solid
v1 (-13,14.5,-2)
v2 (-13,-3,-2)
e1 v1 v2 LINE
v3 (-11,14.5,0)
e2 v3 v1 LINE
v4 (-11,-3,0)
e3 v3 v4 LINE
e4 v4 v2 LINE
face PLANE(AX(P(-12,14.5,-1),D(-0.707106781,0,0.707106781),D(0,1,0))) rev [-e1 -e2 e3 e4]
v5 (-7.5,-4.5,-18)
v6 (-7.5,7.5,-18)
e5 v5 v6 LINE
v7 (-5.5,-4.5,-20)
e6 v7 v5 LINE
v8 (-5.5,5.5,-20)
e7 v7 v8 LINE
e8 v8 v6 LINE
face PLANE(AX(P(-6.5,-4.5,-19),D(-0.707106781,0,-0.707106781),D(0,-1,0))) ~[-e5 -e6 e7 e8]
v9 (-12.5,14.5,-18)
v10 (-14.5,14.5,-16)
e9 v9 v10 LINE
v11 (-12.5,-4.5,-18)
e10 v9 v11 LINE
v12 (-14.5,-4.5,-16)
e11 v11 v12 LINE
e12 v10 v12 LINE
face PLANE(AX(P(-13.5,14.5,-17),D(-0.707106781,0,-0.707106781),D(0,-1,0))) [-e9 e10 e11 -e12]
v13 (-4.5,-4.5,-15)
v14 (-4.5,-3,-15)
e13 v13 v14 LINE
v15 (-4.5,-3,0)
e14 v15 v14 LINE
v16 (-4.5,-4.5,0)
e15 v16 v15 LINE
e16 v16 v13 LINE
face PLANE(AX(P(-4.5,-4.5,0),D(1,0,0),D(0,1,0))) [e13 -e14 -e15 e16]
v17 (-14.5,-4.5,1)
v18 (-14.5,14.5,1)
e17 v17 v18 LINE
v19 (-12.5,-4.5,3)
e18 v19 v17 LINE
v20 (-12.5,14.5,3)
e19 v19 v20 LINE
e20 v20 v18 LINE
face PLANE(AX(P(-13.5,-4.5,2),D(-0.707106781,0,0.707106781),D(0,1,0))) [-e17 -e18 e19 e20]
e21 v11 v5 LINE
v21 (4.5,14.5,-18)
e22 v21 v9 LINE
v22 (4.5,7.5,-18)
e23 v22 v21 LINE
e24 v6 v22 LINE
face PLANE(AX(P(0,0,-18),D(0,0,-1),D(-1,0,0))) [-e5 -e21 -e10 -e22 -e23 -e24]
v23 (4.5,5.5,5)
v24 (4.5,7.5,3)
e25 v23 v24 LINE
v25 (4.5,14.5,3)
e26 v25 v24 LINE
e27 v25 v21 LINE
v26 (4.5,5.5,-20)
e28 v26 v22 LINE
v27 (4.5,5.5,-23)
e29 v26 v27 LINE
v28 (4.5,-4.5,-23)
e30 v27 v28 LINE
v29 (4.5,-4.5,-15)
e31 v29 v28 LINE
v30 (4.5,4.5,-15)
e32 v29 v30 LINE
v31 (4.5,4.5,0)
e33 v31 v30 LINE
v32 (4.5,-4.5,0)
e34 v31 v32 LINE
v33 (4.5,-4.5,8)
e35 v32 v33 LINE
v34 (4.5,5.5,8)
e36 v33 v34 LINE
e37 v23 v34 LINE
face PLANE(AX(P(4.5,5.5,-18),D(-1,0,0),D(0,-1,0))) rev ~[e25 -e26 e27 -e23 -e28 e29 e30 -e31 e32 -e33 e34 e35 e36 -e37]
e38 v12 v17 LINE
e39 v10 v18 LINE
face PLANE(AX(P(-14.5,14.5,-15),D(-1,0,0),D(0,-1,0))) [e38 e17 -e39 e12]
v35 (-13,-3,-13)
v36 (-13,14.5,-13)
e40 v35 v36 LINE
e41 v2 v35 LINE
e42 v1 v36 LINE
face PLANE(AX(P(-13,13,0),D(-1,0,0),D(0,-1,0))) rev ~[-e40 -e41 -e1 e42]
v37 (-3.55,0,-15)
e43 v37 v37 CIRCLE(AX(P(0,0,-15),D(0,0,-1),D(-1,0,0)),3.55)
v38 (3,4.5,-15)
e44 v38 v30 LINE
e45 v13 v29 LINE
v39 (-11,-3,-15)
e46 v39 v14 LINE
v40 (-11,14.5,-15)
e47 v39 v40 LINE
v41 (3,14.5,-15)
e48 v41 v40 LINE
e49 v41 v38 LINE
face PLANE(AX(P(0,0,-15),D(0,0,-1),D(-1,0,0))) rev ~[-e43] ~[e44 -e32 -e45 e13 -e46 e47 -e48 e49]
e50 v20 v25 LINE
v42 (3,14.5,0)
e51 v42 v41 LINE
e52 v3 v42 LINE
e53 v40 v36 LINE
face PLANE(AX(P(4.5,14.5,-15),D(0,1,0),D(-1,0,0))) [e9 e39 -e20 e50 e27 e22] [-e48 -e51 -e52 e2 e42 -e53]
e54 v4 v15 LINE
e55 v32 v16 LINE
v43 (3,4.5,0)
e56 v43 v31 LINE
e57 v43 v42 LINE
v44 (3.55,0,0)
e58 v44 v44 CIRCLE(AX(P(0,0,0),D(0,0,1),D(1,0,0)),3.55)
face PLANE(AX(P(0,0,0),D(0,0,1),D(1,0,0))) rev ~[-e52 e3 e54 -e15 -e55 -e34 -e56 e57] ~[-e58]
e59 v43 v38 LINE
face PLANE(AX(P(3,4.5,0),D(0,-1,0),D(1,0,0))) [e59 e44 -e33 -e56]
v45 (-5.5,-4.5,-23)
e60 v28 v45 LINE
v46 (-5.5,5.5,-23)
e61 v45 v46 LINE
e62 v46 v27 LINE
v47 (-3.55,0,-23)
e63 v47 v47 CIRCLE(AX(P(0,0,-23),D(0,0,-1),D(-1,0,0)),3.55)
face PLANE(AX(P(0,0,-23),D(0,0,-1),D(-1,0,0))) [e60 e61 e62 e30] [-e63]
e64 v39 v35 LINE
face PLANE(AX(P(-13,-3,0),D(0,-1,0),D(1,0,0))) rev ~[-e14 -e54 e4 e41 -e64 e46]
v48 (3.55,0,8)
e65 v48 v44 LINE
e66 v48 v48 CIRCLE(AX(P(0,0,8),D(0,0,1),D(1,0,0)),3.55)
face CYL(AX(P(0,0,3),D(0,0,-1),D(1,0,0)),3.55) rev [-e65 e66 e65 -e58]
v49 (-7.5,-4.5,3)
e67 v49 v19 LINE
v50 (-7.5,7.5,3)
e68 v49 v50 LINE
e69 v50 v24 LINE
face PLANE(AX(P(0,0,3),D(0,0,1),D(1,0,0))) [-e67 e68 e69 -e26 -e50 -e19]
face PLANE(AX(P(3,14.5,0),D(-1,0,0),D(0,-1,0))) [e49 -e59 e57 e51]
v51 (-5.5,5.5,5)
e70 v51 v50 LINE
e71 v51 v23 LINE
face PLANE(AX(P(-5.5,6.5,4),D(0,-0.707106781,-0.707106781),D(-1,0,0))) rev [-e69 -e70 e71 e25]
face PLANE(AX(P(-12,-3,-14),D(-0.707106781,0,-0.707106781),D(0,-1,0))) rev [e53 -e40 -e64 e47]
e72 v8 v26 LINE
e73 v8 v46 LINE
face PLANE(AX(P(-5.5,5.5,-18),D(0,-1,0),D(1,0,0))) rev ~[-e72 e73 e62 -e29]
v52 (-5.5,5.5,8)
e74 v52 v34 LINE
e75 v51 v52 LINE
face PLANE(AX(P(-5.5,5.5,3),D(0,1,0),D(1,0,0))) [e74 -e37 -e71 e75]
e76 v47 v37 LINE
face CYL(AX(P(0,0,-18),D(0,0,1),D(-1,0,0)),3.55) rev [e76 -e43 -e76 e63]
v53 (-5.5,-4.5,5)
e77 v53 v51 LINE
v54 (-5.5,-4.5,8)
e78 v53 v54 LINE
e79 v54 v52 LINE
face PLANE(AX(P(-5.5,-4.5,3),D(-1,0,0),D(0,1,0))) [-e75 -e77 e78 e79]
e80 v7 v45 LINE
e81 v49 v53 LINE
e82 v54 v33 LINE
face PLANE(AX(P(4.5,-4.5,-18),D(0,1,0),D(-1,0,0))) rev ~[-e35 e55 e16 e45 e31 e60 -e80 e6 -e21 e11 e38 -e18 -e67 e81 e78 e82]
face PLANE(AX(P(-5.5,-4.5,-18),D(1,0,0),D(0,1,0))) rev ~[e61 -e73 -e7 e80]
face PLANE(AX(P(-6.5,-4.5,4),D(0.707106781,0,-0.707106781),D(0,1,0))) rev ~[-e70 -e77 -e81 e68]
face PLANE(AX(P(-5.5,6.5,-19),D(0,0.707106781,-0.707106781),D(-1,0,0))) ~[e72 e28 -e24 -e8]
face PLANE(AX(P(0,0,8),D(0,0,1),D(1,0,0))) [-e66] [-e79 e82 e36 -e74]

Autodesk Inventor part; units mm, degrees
ref_plane "YZ Plane" through (0, 0, 0) normal (1, 0, 0) x (0, 1, 0)
ref_plane "XZ Plane" through (0, 0, 0) normal (0, 1, 0) x (-1, 0, 0)
ref_plane "XY Plane" through (0, 0, 0) normal (0, 0, 1) x (1, 0, 0)
ref_plane "Arbeitsebene1" through (-22.9558, 17.7058, 46.5) normal (0, 0, -1) x (-1, 0, 0)
sketch "Skizze1" plane through (0, 0, 0) normal (0, 0, 1) x (1, 0, 0)
  circle A0 centre (0, 0) radius 3.55
  line L0 (-14.5, 14.5) -> (4.5, 14.5)
  line L1 (4.5, 14.5) -> (4.5, -4.5)
  line L2 (4.5, -4.5) -> (-14.5, -4.5)
  line L3 (-14.5, -4.5) -> (-14.5, 14.5)
  dimension "d0" = 7.1
  dimension "d1" = 19
  dimension "d2" = 19
  dimension "d3" = 4.5
  dimension "d4" = 4.5
extrude "Extrusion1" add sketch "Skizze1" along normal blind 3
sketch "Skizze2" plane through (0, 0, 0) normal (0, 0, -1) x (-1, 0, 0)
  line L0 (14.5, 14.5) -> (14.5, -4.5) projected
  line L1 (-4.5, 14.5) -> (14.5, 14.5) projected
  circle A0 centre (0, 0) radius 3.55 projected
  line L2 (14.5, -4.5) -> (-4.5, -4.5) projected
  line L3 (-4.5, -4.5) -> (-4.5, 14.5) projected
  line L4 (-4.5, 14.5) -> (14.5, 14.5)
  line L5 (14.5, 14.5) -> (14.5, -4.5)
  line L6 (14.5, -4.5) -> (-4.5, -4.5)
  line L7 (-4.5, -4.5) -> (-4.5, 14.5)
  line L8 (-3, -4.5) -> (-3, 13)
  line L9 (-3, 13) -> (13, 13)
  line L10 (13, 13) -> (13, -3)
  line L11 (13, -3) -> (-0.4, -3)
  line L12 (-4.5, -4.5) -> (4.5, -4.5)
  line L13 (4.5, -4.5) -> (4.5, 4.5)
  line L14 (4.5, 4.5) -> (-4.5, 4.5)
  line L15 (-4.5, 4.5) -> (-4.5, -4.5)
  line L16 (-3, 13) -> (13, 13)
  line L17 (13, 13) -> (13, 14.5)
  line L18 (13, 14.5) -> (-3, 14.5)
  line L19 (-3, 14.5) -> (-3, 13)
  point P0 (4.5, -3)
  point P1 (4.5, -4.5)
  point P2 (13, 14.5)
  point P3 (-4.5, 4.5)
  point P4 (-3, 4.5)
  dimension "d13" = 1.5
  dimension "d14" = 9
  dimension "d15" = 9
extrude "Extrusion2" add sketch "Skizze2" along normal blind 15 contours L0 L2 L13 L11 L10 L17 L1 | L19 L8 L14 L3 L1
sketch "Skizze3" plane through (0, 0, -15) normal (0, 0, -1) x (-1, 0, 0)
  line L0 (-4.5, 14.5) -> (14.5, 14.5) projected
  line L1 (14.5, 14.5) -> (14.5, -4.5) projected
  circle A0 centre (0, 0) radius 3.55 projected
  line L2 (14.5, -4.5) -> (-4.5, -4.5) projected
  line L3 (-4.5, -4.5) -> (-4.5, 14.5) projected
extrude "Extrusion3" add sketch "Skizze3" along normal blind 3
sketch "Skizze4" plane through (0, 0, 3) normal (0, 0, 1) x (1, 0, 0)
  line L0 (-14.5, -4.5) -> (4.5, -4.5) projected
  line L1 (4.5, -4.5) -> (4.5, 14.5) projected
  line L2 (4.5, 14.5) -> (-14.5, 14.5) projected
  line L3 (-14.5, 14.5) -> (-14.5, -4.5) projected
  circle A0 centre (0, 0) radius 3.55 projected
  line L4 (4.5, -4.5) -> (-5.5, -4.5)
  line L5 (-5.5, -4.5) -> (-5.5, 5.5)
  line L6 (-5.5, 5.5) -> (4.5, 5.5)
  line L7 (4.5, 5.5) -> (4.5, -4.5)
  dimension "d16" = 10
  dimension "d17" = 10
extrude "Extrusion4" add sketch "Skizze4" along normal blind 5 contours L5 L6 L1 L0
sketch "Skizze5" plane through (0, 0, -18) normal (0, 0, -1) x (-1, 0, 0)
  line L0 (-4.5, -4.5) -> (14.5, -4.5) projected
  line L1 (14.5, -4.5) -> (14.5, 14.5) projected
  line L2 (14.5, 14.5) -> (-4.5, 14.5) projected
  line L3 (-4.5, 14.5) -> (-4.5, -4.5) projected
  circle A0 centre (0, 0) radius 3.55 projected
  line L4 (-4.5, -4.5) -> (5.5, -4.5)
  line L5 (5.5, -4.5) -> (5.5, 5.5)
  line L6 (5.5, 5.5) -> (-4.5, 5.5)
  line L7 (-4.5, 5.5) -> (-4.5, -4.5)
  dimension "d20" = 10
  dimension "d21" = 10
extrude "Extrusion5" add sketch "Skizze5" along normal blind 5 contours L3 L6 L5 L0
chamfer "Fasen1" distance 2 angle 45 8 edges at (-0.5, 5.5, 3) (-5.5, 0.5, 3) (-14.5, 5, 3) (-13, 5, 0) (-13, 5, -15) (-14.5, 5, -18) (-5.5, 0.5, -18) (-0.5, 5.5, -18)
properties part number "HolisheetCageSampleWater"
